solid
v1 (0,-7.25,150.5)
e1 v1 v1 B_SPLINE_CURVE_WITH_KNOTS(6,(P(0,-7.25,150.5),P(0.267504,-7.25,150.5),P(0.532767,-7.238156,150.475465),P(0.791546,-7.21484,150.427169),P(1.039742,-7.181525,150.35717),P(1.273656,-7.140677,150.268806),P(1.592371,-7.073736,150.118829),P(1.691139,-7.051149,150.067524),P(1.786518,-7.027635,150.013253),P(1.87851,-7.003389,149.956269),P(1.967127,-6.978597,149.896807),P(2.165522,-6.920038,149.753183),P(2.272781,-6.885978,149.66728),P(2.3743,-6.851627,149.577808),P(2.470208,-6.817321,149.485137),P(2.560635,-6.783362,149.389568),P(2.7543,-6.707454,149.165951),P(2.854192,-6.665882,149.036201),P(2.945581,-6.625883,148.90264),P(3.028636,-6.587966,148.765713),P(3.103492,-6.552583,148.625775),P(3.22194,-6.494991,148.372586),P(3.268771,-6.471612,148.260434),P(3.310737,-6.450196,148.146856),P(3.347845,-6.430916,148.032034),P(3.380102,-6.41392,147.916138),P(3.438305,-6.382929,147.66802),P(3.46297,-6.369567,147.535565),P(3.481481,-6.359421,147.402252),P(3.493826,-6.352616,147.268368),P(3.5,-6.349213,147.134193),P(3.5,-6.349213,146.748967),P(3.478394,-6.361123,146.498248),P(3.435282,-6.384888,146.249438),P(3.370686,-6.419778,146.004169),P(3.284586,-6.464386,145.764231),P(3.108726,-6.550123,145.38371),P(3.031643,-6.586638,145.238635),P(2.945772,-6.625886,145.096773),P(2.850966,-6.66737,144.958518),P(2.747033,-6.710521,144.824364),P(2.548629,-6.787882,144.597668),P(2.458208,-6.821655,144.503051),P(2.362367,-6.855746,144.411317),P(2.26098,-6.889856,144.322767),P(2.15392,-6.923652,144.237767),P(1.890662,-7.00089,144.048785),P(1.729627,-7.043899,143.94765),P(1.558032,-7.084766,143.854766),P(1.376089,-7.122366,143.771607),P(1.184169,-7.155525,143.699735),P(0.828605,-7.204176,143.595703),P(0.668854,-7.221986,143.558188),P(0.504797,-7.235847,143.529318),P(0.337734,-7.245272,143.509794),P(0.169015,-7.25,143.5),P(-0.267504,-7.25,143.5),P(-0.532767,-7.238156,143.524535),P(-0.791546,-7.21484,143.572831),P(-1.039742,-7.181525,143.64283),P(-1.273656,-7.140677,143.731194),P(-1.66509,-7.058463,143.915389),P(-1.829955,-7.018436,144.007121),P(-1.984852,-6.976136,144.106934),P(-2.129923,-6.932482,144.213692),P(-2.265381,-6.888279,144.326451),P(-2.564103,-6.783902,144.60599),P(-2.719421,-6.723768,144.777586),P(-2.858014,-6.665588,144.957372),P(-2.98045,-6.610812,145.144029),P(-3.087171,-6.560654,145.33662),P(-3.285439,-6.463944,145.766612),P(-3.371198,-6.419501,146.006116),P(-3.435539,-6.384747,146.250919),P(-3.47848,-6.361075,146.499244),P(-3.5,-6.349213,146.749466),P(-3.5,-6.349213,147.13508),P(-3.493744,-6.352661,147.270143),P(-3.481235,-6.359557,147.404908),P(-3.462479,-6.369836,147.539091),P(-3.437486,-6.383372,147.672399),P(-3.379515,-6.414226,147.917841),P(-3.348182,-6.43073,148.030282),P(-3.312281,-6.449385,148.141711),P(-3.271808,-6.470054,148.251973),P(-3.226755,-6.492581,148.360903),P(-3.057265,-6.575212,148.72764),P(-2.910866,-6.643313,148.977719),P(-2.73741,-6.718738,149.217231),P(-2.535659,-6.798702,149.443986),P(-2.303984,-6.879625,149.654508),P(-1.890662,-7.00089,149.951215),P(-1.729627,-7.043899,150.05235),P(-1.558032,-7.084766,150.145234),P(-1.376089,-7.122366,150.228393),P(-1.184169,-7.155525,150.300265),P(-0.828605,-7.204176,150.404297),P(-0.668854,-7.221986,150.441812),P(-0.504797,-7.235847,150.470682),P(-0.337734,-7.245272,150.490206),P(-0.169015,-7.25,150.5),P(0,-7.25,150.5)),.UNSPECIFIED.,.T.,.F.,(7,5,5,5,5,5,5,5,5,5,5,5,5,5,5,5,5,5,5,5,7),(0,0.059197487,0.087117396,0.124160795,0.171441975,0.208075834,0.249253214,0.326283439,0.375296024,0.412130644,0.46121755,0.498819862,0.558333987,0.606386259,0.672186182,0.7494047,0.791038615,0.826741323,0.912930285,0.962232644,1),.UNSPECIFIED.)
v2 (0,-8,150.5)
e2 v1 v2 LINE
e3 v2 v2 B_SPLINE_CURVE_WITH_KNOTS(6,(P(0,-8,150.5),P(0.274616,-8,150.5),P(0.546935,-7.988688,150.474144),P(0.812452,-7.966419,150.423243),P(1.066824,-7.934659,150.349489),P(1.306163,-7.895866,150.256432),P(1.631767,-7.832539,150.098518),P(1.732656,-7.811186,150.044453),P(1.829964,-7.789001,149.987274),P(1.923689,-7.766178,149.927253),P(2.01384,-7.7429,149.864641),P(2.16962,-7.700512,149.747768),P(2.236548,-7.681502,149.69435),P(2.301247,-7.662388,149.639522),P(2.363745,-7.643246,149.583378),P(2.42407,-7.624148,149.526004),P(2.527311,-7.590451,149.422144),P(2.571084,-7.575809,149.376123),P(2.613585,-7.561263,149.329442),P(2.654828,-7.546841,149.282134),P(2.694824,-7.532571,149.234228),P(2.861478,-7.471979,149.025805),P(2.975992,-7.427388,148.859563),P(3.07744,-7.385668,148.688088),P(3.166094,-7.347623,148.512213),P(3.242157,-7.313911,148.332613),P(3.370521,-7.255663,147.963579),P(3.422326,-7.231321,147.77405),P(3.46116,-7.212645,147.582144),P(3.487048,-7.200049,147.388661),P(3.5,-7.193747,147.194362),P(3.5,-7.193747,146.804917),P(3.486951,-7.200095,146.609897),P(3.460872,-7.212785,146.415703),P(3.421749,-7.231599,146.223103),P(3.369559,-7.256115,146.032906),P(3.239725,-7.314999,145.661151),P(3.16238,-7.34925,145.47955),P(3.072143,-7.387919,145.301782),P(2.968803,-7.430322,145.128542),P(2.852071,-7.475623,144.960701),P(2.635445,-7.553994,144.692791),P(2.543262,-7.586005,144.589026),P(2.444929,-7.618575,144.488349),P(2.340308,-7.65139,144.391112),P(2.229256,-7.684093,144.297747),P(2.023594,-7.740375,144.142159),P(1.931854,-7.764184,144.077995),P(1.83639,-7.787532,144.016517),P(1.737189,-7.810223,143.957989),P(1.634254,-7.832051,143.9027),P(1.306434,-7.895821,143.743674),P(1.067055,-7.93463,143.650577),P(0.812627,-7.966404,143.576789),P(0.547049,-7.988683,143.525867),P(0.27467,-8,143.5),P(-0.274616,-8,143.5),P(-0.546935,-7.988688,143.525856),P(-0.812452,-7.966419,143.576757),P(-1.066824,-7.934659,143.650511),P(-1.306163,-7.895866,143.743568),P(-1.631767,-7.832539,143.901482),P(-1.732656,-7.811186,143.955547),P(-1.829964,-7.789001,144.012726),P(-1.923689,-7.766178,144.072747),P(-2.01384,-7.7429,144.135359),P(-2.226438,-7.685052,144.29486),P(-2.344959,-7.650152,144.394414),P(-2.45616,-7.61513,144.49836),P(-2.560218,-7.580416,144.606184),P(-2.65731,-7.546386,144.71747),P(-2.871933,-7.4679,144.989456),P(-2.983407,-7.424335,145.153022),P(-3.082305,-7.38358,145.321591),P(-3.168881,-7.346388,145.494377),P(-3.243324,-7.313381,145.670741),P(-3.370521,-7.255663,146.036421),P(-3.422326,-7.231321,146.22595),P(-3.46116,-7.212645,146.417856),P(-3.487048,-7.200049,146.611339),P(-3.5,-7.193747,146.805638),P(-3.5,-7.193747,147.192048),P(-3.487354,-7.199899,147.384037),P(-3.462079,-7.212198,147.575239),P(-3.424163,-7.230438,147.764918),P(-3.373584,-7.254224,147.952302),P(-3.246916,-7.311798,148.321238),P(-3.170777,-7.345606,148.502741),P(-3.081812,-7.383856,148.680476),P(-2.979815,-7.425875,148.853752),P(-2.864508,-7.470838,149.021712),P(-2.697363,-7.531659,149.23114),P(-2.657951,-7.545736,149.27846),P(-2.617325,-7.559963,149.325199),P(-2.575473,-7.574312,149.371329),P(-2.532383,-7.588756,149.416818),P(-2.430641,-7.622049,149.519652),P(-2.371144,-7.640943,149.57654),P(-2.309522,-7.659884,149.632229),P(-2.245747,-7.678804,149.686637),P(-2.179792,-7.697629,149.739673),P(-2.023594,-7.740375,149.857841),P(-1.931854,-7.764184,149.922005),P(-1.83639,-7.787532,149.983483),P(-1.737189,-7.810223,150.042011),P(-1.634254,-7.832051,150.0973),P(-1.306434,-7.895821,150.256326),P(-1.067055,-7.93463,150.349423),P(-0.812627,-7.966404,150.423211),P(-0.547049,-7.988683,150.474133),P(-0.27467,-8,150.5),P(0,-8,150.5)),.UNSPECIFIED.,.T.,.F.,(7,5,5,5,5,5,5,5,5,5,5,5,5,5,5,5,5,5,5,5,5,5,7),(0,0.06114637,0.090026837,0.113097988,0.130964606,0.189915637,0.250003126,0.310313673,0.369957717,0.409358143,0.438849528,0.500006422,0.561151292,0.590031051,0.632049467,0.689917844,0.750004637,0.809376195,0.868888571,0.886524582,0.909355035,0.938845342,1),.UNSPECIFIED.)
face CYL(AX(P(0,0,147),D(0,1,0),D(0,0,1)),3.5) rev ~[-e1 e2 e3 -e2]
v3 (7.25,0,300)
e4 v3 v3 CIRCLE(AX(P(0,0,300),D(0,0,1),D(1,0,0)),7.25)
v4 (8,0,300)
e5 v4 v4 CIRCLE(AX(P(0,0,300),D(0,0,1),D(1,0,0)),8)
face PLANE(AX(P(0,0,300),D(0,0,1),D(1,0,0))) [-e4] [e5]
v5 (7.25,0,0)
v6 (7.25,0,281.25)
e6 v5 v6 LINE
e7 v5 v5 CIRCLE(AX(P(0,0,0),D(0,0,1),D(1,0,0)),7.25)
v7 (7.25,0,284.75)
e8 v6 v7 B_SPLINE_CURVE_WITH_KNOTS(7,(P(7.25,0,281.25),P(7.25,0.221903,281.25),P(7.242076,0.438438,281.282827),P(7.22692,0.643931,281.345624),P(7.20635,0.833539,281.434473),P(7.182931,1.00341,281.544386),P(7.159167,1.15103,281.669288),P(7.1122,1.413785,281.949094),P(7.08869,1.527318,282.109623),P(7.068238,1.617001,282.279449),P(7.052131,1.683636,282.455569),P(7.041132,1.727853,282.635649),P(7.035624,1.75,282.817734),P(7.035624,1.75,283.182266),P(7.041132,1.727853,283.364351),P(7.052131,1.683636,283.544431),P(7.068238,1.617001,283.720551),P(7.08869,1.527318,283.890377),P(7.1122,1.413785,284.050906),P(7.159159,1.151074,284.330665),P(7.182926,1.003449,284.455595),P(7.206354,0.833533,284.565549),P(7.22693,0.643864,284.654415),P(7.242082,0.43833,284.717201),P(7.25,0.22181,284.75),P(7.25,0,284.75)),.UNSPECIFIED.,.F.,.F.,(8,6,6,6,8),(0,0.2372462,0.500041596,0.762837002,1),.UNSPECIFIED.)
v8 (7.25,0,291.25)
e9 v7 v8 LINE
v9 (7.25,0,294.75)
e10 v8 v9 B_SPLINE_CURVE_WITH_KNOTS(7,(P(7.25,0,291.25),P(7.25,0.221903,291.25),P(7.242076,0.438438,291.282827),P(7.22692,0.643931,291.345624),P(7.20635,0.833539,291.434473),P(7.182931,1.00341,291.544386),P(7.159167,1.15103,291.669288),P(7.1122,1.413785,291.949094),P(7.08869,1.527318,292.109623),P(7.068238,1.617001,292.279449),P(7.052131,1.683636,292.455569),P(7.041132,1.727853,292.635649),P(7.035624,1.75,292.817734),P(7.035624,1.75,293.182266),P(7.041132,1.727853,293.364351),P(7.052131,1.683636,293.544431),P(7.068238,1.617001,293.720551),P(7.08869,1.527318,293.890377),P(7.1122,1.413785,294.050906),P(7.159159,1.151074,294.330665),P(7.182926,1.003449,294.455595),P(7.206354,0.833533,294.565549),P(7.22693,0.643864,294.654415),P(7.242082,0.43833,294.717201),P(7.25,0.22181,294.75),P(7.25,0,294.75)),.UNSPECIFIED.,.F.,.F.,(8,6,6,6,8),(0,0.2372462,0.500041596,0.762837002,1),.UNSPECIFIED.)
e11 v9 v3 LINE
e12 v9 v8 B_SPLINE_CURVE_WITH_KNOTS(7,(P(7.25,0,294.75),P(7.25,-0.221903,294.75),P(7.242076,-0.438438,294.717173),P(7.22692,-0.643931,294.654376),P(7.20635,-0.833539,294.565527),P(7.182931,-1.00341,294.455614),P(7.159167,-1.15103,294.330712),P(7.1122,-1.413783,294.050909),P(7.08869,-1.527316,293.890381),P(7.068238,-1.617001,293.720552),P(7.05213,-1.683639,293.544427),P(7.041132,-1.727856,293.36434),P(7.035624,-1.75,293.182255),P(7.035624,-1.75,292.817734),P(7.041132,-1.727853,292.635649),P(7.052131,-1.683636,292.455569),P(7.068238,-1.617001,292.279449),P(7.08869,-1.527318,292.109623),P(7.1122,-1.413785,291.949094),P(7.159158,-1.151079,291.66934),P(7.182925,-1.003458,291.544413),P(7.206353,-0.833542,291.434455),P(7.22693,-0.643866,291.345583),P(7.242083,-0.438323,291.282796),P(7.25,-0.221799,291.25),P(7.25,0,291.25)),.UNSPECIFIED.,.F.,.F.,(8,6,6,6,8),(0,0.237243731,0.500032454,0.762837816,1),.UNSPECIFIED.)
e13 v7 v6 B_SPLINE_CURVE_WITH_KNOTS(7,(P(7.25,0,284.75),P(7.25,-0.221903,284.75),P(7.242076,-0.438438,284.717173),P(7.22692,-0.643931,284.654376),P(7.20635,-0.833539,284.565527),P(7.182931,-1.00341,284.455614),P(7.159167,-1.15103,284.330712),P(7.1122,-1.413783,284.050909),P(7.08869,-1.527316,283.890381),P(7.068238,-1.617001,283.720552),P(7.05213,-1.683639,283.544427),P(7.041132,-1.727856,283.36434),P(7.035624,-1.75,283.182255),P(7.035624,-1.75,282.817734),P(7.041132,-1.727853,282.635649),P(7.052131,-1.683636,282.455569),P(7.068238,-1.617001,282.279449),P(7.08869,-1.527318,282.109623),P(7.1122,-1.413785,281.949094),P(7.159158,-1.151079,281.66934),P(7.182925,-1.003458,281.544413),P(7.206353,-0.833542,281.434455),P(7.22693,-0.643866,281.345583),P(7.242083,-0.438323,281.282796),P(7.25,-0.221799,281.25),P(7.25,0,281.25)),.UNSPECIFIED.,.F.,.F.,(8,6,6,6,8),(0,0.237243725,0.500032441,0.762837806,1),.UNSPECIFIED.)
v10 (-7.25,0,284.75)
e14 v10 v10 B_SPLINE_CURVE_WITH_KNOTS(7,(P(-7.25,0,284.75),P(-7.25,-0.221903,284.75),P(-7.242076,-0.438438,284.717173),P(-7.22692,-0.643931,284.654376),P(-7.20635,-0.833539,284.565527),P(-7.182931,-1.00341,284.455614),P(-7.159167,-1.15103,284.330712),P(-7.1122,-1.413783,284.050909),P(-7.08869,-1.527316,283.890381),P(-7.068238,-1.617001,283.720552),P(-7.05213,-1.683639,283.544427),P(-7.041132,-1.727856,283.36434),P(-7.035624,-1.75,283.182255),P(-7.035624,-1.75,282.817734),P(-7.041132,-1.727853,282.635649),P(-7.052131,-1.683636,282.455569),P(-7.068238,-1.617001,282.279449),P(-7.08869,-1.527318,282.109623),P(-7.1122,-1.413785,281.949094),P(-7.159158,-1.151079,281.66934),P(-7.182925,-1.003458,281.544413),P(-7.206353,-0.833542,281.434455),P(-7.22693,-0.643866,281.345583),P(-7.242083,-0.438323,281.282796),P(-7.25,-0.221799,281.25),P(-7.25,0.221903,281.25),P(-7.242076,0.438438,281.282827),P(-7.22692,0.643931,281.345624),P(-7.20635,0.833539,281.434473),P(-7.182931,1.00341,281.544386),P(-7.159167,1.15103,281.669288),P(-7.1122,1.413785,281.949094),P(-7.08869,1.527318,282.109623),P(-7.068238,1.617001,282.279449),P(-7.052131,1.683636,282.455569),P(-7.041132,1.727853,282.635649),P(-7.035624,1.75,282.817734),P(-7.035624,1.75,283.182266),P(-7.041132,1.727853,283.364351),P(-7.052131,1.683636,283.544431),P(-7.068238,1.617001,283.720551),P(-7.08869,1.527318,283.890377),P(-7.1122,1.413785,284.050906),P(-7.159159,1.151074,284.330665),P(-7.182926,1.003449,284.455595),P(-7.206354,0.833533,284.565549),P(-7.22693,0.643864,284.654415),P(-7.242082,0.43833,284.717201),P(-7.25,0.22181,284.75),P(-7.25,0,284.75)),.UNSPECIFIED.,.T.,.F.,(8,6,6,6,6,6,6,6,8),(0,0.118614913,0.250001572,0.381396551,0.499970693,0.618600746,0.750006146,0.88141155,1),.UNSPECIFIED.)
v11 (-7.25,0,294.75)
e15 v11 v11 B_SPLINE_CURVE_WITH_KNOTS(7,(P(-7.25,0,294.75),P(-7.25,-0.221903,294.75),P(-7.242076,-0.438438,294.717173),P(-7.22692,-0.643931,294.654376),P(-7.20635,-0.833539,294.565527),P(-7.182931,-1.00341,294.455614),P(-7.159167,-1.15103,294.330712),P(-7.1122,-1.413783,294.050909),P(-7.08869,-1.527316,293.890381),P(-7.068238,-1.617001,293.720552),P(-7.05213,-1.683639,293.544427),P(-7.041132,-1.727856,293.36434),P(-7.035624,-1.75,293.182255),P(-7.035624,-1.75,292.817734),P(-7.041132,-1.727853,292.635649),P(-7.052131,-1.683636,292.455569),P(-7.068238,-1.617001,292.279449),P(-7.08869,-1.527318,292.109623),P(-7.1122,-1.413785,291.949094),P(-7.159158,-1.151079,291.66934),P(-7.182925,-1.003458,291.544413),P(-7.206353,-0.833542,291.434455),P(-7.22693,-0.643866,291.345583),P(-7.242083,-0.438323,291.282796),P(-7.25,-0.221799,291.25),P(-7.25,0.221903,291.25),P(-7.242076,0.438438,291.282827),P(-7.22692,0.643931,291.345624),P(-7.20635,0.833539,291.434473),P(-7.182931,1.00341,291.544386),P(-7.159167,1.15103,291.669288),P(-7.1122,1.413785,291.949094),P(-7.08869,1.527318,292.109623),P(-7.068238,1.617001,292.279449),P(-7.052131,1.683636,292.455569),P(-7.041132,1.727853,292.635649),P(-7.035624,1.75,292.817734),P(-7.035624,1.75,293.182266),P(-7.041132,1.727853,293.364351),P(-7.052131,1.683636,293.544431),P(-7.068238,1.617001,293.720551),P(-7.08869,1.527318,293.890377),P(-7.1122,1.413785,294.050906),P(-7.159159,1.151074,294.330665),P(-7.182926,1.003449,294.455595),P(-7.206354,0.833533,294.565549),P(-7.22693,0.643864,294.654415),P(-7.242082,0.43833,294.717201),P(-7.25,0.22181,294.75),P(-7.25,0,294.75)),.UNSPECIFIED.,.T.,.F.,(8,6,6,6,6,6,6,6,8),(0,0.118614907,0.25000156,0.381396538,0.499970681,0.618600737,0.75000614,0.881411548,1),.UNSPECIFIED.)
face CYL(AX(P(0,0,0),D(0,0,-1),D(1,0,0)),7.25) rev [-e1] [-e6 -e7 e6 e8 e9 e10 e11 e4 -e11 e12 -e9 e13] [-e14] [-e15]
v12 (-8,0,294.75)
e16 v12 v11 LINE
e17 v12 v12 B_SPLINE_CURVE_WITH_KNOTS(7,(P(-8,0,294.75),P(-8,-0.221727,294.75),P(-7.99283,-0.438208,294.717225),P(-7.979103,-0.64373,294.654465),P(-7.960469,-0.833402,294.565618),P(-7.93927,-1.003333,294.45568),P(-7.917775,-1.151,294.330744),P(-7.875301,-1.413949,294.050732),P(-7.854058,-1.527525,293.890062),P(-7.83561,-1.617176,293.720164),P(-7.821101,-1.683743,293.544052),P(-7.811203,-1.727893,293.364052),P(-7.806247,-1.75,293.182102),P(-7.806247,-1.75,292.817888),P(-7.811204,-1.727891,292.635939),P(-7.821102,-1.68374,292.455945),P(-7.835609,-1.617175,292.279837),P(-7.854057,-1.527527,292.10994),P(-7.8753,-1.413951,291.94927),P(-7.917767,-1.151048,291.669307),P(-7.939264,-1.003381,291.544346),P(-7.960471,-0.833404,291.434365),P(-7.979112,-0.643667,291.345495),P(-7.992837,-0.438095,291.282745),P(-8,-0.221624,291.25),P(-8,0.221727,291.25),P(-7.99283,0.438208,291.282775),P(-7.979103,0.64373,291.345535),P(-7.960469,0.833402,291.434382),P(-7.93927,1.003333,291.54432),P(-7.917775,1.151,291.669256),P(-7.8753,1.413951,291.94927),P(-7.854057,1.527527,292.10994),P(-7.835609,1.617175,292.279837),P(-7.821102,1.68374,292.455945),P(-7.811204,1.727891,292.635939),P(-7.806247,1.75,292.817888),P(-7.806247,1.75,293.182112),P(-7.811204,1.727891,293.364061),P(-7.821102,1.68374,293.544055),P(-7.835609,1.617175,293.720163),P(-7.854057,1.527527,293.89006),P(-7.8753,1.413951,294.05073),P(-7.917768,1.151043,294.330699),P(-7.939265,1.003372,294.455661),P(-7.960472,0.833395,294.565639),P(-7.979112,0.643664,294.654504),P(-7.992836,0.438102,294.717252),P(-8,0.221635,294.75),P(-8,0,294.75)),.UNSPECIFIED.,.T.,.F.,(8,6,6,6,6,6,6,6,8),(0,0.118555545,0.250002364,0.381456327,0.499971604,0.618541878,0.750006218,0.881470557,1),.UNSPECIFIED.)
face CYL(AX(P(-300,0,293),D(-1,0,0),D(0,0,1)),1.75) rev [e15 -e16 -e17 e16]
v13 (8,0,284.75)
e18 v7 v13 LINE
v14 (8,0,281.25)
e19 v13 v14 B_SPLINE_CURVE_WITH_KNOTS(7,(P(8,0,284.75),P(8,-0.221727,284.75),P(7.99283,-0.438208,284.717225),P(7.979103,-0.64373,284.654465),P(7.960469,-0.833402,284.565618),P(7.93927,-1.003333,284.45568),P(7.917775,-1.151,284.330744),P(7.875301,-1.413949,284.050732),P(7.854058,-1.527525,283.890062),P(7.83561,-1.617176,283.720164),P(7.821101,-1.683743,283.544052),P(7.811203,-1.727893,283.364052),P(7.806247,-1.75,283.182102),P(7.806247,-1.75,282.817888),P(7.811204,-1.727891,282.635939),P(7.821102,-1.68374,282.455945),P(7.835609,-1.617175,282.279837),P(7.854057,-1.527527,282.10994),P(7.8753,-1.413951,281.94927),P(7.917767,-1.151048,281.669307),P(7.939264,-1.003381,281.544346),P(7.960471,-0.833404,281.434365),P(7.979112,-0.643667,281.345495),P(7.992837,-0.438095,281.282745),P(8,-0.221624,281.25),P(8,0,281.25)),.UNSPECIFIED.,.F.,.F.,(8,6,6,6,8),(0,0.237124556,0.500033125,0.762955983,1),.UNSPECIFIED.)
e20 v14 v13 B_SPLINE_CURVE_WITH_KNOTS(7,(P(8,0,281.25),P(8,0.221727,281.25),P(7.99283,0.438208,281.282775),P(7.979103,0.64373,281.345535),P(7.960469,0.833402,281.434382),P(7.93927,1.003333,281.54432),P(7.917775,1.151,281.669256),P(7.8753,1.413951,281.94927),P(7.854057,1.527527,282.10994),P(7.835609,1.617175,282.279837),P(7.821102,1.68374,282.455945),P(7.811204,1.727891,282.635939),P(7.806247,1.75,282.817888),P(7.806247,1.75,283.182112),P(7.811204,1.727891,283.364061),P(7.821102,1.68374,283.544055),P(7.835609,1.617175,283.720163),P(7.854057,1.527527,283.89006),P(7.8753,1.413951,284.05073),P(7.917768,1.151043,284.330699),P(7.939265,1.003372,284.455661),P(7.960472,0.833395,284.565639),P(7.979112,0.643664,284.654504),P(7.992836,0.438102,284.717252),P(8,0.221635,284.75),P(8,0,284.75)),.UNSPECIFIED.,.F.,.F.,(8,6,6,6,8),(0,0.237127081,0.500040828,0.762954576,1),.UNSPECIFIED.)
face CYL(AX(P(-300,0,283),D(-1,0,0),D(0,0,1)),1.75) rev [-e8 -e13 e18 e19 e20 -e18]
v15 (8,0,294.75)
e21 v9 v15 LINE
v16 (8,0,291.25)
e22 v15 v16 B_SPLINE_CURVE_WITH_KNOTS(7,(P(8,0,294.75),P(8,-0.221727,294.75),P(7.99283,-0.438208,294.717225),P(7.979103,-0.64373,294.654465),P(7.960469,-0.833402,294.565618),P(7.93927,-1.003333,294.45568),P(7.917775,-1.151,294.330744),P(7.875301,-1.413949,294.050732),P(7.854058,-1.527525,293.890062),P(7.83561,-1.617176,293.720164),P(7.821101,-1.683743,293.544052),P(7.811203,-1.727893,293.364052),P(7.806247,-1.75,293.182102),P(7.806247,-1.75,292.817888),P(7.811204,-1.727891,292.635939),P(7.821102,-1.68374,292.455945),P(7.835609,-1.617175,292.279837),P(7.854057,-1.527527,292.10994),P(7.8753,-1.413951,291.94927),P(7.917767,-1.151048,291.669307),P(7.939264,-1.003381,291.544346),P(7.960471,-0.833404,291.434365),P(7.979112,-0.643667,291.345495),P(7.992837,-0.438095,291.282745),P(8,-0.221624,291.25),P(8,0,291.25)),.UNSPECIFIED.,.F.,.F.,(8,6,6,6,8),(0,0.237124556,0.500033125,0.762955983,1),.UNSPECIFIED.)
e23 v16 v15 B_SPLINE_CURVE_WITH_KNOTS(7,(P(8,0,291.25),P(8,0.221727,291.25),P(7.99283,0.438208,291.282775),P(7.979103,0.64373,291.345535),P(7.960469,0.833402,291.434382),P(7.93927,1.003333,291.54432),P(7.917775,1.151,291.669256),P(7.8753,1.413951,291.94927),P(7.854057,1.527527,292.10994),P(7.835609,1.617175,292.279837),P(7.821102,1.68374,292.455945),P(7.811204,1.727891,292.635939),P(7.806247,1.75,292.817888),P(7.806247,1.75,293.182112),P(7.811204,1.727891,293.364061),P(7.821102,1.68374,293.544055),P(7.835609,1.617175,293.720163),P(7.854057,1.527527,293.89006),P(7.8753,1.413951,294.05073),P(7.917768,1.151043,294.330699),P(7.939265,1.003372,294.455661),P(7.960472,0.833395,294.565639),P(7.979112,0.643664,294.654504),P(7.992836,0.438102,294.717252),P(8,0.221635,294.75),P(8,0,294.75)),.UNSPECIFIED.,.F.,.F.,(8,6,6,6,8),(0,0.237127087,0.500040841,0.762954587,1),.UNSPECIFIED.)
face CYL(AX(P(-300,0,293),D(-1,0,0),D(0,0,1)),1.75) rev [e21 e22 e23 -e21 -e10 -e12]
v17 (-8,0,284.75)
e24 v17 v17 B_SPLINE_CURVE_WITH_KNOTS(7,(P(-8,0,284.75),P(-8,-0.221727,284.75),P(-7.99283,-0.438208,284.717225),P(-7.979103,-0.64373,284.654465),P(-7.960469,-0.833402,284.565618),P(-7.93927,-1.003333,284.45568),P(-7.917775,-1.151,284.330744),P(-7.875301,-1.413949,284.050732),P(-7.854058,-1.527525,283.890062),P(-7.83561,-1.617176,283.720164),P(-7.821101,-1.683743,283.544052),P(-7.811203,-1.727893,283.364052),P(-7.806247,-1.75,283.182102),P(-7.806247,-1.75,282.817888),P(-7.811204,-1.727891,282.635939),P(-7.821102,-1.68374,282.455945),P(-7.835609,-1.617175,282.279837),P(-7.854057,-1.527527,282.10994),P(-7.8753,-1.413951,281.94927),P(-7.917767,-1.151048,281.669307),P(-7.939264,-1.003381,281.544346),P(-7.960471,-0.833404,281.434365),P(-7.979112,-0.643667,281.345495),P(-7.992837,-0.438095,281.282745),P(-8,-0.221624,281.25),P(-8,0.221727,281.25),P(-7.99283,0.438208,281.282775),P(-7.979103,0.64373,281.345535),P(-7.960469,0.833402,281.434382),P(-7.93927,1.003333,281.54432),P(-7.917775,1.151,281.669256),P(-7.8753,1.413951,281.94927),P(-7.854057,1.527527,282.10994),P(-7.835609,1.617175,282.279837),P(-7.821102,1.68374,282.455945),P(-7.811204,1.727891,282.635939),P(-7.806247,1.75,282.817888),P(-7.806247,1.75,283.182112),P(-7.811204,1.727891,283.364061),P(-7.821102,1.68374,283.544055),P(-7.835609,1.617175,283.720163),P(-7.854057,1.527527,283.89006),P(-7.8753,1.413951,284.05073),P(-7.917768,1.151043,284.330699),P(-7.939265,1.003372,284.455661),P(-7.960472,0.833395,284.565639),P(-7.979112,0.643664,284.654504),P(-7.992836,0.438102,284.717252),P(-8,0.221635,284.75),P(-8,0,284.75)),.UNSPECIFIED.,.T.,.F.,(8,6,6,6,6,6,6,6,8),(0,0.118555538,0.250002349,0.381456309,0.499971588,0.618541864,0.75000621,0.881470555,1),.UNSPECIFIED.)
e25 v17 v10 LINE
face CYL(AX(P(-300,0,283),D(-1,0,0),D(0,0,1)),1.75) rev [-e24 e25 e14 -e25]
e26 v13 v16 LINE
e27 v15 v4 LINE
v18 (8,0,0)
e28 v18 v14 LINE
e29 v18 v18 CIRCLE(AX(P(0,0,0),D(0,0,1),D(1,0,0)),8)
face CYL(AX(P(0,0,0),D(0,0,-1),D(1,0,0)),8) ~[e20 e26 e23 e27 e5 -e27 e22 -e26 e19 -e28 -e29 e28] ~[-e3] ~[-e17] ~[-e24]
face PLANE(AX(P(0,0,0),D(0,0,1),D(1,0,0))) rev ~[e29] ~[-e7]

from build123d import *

# Parameters (mm, degrees)
ESBO_O1_R                  = 8
ESBO_O1_R_2                = 7.25
RESSALTO_EXTRUS_O1_DEPTH   = 300
CORTE_EXTRUS_O1_DEPTH      = 300
CORTE_EXTRUS_O1_DEPTH_BACK = 300
ESBO_O2_R                  = 1.75
CUT_EXTRUDE1_REACH         = 302.213
CUT_EXTRUDE1_END_RADIUS    = 8
SKETCH2_R                  = 3.5


with BuildPart() as part:
    # Esboço1 → Ressalto-extrusão1 (new body)
    with BuildSketch(Plane.XY):
        Circle(ESBO_O1_R)
        Circle(ESBO_O1_R_2, mode=Mode.SUBTRACT)
    extrude(amount=RESSALTO_EXTRUS_O1_DEPTH)

    # Esboço2 → Corte-extrusão1 (cut, two sides: drawn at the far end of the back side and taken through both)
    with BuildSketch(Plane(origin=(0, 0, 0), x_dir=(0, 0, -1), z_dir=(1, 0, 0)).offset(-CORTE_EXTRUS_O1_DEPTH_BACK)):
        with Locations(Location((-293, 0, 0), (0, 0, 180))):
            Circle(ESBO_O2_R)
        with Locations(Location((-283, 0, 0), (0, 0, 180))):
            Circle(ESBO_O2_R)
    extrude(amount=CORTE_EXTRUS_O1_DEPTH + CORTE_EXTRUS_O1_DEPTH_BACK, mode=Mode.SUBTRACT)

    # Cut-Extrude1: up to this cylinder (the profile starts inside it)
    cut_extrude1_end = Plane(origin=(0, 0, 147), z_dir=(0, 0, -1)) * Cylinder(CUT_EXTRUDE1_END_RADIUS, 621.426, mode=Mode.PRIVATE)
    # Sketch2 → Cut-Extrude1 (cut, up to the surface)
    with BuildSketch(Plane(origin=(0, 0, 0), x_dir=(1, 0, 0), z_dir=(0, 1, 0)), mode=Mode.PRIVATE) as cut_extrude1_sk1:
        with Locations(Location((0, -147, 0), (0, 0, 270))):
            Circle(SKETCH2_R)
    cut_extrude1_tool1 = extrude(cut_extrude1_sk1.sketch, amount=-CUT_EXTRUDE1_REACH, mode=Mode.PRIVATE) & cut_extrude1_end
    add(cut_extrude1_tool1.solids().sort_by_distance((0, 0, 147))[0], mode=Mode.SUBTRACT)


solid = part.part
